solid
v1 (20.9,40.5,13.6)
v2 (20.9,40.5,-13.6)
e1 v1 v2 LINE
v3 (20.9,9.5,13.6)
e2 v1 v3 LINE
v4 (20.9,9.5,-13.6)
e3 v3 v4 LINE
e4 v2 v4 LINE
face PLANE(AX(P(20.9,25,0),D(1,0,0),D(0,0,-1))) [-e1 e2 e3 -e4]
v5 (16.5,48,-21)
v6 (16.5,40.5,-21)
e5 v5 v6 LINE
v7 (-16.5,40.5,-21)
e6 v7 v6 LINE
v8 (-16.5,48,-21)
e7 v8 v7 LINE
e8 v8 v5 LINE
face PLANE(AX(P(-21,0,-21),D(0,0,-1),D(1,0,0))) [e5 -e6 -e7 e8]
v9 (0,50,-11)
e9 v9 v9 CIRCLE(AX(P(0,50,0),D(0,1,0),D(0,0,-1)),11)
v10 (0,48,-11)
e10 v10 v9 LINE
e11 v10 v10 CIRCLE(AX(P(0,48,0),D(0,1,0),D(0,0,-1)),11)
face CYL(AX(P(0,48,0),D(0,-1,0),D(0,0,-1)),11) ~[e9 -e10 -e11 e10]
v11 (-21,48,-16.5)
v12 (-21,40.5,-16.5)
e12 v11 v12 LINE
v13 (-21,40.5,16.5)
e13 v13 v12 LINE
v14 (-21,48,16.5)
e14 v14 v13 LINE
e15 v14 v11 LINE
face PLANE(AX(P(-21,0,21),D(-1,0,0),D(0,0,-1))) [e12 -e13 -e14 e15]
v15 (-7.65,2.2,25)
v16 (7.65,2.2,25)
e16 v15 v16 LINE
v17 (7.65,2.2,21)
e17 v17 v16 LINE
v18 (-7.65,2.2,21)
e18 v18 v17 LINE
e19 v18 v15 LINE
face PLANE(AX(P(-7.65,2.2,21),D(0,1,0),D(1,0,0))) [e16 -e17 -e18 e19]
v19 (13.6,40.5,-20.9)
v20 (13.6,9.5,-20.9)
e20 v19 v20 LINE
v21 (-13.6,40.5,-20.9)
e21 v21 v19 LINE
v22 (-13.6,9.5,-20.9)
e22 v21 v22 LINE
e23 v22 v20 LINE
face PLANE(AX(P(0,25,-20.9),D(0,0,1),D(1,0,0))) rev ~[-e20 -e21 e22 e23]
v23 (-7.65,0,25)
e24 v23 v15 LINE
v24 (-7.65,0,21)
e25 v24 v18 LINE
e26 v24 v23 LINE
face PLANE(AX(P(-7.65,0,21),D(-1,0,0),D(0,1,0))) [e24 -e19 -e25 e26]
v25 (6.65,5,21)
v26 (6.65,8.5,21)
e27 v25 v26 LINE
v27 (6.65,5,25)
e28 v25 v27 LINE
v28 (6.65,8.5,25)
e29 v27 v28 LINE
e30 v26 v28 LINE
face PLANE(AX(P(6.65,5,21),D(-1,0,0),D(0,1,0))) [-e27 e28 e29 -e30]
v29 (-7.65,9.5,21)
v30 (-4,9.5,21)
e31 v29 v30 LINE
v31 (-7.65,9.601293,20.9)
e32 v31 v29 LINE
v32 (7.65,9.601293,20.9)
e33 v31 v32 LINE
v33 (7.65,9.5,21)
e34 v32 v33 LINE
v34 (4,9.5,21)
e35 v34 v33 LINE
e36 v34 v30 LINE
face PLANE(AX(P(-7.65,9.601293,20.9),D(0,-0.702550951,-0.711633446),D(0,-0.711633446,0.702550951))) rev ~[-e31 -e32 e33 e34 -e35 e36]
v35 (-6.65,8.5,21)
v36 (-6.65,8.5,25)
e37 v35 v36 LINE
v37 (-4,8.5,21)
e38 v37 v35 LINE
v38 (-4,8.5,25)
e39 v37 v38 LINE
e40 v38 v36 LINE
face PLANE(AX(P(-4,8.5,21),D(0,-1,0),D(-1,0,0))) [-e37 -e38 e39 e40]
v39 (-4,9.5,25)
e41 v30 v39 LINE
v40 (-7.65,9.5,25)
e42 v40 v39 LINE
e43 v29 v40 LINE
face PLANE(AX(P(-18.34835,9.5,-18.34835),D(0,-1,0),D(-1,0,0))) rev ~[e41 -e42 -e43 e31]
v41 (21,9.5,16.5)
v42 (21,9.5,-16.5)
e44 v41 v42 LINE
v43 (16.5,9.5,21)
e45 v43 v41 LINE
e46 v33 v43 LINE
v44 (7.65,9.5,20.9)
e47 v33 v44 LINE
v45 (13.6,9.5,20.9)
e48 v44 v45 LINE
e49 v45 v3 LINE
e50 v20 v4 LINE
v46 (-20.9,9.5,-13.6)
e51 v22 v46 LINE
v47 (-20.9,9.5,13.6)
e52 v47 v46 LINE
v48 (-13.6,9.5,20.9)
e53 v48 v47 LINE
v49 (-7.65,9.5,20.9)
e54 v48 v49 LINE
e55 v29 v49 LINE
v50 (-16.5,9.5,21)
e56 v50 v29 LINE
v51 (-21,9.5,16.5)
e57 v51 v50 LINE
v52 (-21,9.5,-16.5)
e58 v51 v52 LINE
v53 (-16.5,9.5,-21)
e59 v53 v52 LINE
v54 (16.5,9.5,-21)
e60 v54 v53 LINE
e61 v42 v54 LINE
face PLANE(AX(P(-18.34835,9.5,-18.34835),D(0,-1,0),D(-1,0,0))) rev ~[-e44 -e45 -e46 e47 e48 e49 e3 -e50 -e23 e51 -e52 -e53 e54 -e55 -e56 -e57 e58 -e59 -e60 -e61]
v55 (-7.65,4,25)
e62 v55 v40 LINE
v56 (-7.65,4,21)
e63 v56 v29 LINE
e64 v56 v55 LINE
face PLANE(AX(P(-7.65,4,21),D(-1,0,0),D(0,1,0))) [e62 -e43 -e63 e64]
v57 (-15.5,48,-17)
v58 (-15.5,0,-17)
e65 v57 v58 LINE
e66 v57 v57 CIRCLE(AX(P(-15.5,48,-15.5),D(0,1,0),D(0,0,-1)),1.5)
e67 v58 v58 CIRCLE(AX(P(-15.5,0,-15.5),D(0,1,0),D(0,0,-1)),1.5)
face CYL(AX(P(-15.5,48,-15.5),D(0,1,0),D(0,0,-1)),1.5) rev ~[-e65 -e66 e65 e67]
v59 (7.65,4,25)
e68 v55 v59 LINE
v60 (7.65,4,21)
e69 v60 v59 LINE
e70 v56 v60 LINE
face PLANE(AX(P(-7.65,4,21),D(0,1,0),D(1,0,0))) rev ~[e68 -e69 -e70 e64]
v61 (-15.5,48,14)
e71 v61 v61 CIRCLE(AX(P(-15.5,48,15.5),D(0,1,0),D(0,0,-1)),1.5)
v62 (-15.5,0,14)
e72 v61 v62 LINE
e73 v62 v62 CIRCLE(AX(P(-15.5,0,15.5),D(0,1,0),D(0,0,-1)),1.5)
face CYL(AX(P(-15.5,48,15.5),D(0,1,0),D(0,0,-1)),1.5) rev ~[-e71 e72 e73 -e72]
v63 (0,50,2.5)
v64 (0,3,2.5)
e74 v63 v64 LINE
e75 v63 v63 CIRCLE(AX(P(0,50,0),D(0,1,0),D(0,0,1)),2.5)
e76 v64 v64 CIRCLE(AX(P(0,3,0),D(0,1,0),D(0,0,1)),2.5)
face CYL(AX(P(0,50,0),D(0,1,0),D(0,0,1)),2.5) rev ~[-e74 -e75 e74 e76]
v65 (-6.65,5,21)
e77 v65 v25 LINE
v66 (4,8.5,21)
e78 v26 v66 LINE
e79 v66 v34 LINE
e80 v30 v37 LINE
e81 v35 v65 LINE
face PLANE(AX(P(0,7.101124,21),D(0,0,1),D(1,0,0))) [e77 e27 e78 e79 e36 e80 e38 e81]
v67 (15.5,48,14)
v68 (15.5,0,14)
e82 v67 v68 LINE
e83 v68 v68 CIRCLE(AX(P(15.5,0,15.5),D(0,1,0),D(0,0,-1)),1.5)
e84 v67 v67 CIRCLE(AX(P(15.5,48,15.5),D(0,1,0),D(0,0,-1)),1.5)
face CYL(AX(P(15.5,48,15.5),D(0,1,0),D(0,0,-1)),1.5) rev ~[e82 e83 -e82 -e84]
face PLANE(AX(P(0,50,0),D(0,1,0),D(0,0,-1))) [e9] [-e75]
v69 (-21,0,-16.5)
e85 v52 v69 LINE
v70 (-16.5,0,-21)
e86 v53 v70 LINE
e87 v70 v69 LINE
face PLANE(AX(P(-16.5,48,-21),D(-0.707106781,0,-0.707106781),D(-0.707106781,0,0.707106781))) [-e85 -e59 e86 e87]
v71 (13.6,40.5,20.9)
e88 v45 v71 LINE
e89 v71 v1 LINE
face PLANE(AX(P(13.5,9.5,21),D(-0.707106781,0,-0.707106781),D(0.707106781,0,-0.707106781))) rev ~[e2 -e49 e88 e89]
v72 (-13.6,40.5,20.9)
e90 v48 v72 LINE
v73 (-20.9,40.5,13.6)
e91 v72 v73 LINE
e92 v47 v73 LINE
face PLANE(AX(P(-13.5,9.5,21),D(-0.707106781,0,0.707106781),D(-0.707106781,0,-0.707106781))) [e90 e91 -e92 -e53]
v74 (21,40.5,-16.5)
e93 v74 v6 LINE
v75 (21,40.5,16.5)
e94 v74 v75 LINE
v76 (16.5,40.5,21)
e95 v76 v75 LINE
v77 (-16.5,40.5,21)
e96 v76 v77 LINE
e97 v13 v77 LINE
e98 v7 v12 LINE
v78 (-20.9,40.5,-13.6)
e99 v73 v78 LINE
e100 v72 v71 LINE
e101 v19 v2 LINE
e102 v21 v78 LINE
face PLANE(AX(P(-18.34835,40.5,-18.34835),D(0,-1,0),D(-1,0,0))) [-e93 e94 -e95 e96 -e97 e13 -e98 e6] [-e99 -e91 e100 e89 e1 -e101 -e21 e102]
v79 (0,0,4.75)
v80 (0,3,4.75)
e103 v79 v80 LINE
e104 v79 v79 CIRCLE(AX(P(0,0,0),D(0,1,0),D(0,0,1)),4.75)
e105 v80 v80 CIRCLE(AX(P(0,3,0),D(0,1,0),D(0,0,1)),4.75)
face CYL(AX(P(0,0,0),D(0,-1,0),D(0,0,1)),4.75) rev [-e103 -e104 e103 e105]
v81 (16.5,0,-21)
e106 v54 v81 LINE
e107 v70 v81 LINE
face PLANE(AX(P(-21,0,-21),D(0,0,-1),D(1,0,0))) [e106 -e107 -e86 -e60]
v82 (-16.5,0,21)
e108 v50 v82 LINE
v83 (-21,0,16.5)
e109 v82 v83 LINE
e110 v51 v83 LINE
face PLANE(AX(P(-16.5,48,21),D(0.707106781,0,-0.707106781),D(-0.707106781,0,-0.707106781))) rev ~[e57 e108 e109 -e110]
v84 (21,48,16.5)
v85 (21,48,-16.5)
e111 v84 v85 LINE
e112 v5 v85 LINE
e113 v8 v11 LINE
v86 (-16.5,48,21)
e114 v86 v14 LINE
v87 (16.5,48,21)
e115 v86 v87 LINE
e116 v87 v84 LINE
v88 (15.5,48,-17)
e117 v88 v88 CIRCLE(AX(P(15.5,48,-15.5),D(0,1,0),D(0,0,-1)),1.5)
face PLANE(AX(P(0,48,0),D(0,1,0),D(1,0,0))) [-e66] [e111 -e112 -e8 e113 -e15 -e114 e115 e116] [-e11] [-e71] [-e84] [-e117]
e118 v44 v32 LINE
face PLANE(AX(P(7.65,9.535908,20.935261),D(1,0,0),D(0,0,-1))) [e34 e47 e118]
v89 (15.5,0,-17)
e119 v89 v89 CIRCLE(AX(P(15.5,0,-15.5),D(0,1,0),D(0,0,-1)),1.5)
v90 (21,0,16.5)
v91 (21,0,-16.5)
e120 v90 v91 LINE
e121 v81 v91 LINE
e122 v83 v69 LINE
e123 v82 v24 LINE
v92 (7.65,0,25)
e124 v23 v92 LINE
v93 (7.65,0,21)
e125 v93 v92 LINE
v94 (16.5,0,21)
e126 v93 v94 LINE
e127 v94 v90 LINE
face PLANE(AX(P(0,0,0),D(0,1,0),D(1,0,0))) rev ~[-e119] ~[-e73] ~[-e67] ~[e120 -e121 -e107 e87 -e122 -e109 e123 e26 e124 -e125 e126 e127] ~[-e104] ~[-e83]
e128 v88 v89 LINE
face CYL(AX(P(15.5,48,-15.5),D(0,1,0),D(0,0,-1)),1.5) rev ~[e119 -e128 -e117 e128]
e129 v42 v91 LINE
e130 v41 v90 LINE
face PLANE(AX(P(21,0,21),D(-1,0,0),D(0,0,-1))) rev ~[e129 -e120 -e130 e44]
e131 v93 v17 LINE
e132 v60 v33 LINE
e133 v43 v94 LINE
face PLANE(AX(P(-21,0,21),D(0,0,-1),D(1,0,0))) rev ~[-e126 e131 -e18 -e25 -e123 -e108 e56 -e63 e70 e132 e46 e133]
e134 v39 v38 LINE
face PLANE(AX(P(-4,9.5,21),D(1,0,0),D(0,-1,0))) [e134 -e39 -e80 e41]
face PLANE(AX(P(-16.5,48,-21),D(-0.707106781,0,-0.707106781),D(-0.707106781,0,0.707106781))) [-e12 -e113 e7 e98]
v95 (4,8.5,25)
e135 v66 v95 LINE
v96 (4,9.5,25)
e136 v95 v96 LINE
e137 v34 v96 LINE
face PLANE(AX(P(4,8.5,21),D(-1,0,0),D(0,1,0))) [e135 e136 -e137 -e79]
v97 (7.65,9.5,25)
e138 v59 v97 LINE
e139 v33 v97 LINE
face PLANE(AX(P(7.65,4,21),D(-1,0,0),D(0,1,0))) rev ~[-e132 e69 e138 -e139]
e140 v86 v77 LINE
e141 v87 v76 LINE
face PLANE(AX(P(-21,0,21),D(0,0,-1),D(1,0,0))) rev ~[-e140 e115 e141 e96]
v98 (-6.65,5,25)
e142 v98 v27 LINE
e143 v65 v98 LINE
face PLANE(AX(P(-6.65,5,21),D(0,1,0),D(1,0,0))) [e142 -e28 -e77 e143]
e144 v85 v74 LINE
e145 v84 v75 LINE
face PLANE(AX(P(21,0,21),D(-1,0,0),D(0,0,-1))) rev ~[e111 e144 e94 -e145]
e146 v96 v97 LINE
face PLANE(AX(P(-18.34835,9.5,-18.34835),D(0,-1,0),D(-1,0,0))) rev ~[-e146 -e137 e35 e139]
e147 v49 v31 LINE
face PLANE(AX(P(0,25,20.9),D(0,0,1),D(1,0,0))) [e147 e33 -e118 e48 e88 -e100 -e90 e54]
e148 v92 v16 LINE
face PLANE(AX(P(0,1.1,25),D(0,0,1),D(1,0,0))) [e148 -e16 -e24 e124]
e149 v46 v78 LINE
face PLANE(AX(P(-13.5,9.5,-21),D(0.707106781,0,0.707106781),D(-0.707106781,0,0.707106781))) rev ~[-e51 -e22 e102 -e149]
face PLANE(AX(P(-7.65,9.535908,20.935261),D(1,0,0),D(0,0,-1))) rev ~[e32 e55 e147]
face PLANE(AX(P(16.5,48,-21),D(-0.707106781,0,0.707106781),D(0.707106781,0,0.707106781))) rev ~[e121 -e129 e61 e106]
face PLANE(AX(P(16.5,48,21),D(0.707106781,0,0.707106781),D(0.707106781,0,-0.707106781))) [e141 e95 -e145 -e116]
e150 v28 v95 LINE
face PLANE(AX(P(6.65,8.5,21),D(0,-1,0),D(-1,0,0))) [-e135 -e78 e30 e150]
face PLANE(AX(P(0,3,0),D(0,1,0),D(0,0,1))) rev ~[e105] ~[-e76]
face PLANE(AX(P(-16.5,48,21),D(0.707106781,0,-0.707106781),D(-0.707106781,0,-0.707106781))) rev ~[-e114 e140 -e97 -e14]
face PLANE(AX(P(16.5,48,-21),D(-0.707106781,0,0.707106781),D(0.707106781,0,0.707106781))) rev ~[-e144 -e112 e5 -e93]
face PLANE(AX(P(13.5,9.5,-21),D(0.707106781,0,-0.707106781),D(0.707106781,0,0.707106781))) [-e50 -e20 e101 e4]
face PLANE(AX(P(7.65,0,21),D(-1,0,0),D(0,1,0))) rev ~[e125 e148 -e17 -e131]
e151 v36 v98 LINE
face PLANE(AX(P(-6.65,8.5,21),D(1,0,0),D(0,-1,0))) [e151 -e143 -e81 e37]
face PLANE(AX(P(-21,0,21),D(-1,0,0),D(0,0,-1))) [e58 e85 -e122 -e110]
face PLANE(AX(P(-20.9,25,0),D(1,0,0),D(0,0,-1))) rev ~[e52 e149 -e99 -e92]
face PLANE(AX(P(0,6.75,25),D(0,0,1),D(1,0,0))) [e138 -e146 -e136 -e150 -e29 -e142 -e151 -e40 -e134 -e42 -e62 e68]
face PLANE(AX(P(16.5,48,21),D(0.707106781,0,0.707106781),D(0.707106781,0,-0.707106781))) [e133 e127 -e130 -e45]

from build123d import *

# Parameters (mm, degrees)
SKETCH_1_W           = 42
SKETCH_1_H           = 42
EXTRUDE_1_DEPTH      = 48
CUT_EXTRUDE_START    = 48
CUT_EXTRUDE_1_DEPTH  = 48
CUT_EXTRUDE_START_2  = 9.5
CUT_EXTRUDE_2_DEPTH  = 31
CUT_EXTRUDE_START_3  = -21
SKETCH_4_W           = 33
SKETCH_4_H           = 31
CUT_EXTRUDE_3_DEPTH  = 0.1
CUT_EXTRUDE_START_4  = 21
SKETCH_5_W           = 33
SKETCH_5_H           = 31
CUT_EXTRUDE_4_DEPTH  = 0.1
SKETCH_6_W           = 33
SKETCH_6_H           = 31
CUT_EXTRUDE_5_DEPTH  = 0.1
SKETCH_7_W           = 33
SKETCH_7_H           = 31
CUT_EXTRUDE_6_DEPTH  = 0.1
SKETCH_17_R          = 4.75
CUT_EXTRUDE_9_DEPTH  = 3
EXTRUDE_START        = 48
SKETCH_18_R          = 11
EXTRUDE_2_DEPTH      = 2
CUT_EXTRUDE_START_5  = 50
SKETCH_20_R          = 2.5
CUT_EXTRUDE_10_DEPTH = 47
EXTRUDE_START_2      = 21
SKETCH_21_W          = 15.3
SKETCH_21_H          = 2.2
EXTRUDE_3_DEPTH      = 4
SKETCH_22_W          = 15.3
SKETCH_22_H          = 5.5
EXTRUDE_4_DEPTH      = 4
CUT_EXTRUDE_11_DEPTH = 4
EXTRUDE_START_3      = -7.65
EXTRUDE_5_DEPTH      = 15.3
SKETCH_8_R           = 1.5
CUT_EXTRUDE_12_DEPTH = 108.715994507


with BuildPart() as part:
    # 草图1 → 凸台-拉伸1 (new body)
    with BuildSketch(Plane(origin=(0, 0, 0), x_dir=(1, 0, 0), z_dir=(0, 1, 0))):
        Rectangle(SKETCH_1_W, SKETCH_1_H)
    extrude(amount=EXTRUDE_1_DEPTH)

    # 草图2 → 切除-拉伸1 (cut)
    with BuildSketch(Plane(origin=(0, 0, 0), x_dir=(1, 0, 0), z_dir=(0, 1, 0)).offset(CUT_EXTRUDE_START)):
        Polygon((-21, 21), (-16.5, 21), (-21, 16.5), align=None)
        Polygon((21, 16.5), (21, 21), (16.5, 21), align=None)
        Polygon((21, -21), (16.5, -21), (21, -16.5), align=None)
        Polygon((-21, -16.5), (-21, -21), (-16.5, -21), align=None)
    extrude(amount=-CUT_EXTRUDE_1_DEPTH, mode=Mode.SUBTRACT)

    # 草图3 → 切除-拉伸2 (cut)
    with BuildSketch(Plane(origin=(0, 0, 0), x_dir=(1, 0, 0), z_dir=(0, 1, 0)).offset(CUT_EXTRUDE_START_2)):
        Polygon((-21, 13.5), (-21, 21), (-13.5, 21), align=None)
        Polygon((13.5, 21), (21, 13.5), (21, 21), align=None)
        Polygon((21, -13.5), (21, -21), (13.5, -21), align=None)
        Polygon((-13.5, -21), (-21, -13.5), (-21, -21), align=None)
    extrude(amount=CUT_EXTRUDE_2_DEPTH, mode=Mode.SUBTRACT)

    # 草图4 → 切除-拉伸3 (cut)
    with BuildSketch(Plane.XY.offset(CUT_EXTRUDE_START_3)):
        with Locations((0, 25)):
            Rectangle(SKETCH_4_W, SKETCH_4_H)
    extrude(amount=CUT_EXTRUDE_3_DEPTH, mode=Mode.SUBTRACT)

    # 草图5 → 切除-拉伸4 (cut)
    with BuildSketch(Plane.XY.offset(CUT_EXTRUDE_START_4)):
        with Locations((0, 25)):
            Rectangle(SKETCH_5_W, SKETCH_5_H)
    extrude(amount=-CUT_EXTRUDE_4_DEPTH, mode=Mode.SUBTRACT)

    # 草图6 → 切除-拉伸5 (cut)
    with BuildSketch(Plane(origin=(0, 0, 0), x_dir=(0, 0, -1), z_dir=(1, 0, 0)).offset(CUT_EXTRUDE_START_3)):
        with Locations((0, 25)):
            Rectangle(SKETCH_6_W, SKETCH_6_H)
    extrude(amount=CUT_EXTRUDE_5_DEPTH, mode=Mode.SUBTRACT)

    # 草图7 → 切除-拉伸6 (cut)
    with BuildSketch(Plane(origin=(0, 0, 0), x_dir=(0, 0, -1), z_dir=(1, 0, 0)).offset(CUT_EXTRUDE_START_4)):
        with Locations((0, 25)):
            Rectangle(SKETCH_7_W, SKETCH_7_H)
    extrude(amount=-CUT_EXTRUDE_6_DEPTH, mode=Mode.SUBTRACT)

    # 草图17 → 切除-拉伸9 (cut)
    with BuildSketch(Plane(origin=(0, 0, 0), x_dir=(1, 0, 0), z_dir=(0, 1, 0))):
        with Locations(Location((0, 0, 0), (0, 0, 270))):
            Circle(SKETCH_17_R)
    extrude(amount=CUT_EXTRUDE_9_DEPTH, mode=Mode.SUBTRACT)

    # 草图18 → 凸台-拉伸2 (add)
    with BuildSketch(Plane(origin=(0, 0, 0), x_dir=(1, 0, 0), z_dir=(0, 1, 0)).offset(EXTRUDE_START)):
        with Locations(Location((0, 0, 0), (0, 0, 90))):
            Circle(SKETCH_18_R)
    extrude(amount=EXTRUDE_2_DEPTH)

    # 草图20 → 切除-拉伸10 (cut)
    with BuildSketch(Plane(origin=(0, 0, 0), x_dir=(1, 0, 0), z_dir=(0, 1, 0)).offset(CUT_EXTRUDE_START_5)):
        with Locations(Location((0, 0, 0), (0, 0, 270))):
            Circle(SKETCH_20_R)
    extrude(amount=-CUT_EXTRUDE_10_DEPTH, mode=Mode.SUBTRACT)

    # 草图21 → 凸台-拉伸3 (add)
    with BuildSketch(Plane.XY.offset(EXTRUDE_START_2)):
        with Locations((0, 1.1)):
            Rectangle(SKETCH_21_W, SKETCH_21_H)
    extrude(amount=EXTRUDE_3_DEPTH)

    # 草图22 → 凸台-拉伸4 (add)
    with BuildSketch(Plane.XY.offset(EXTRUDE_START_2)):
        with Locations((0, 6.75)):
            Rectangle(SKETCH_22_W, SKETCH_22_H)
    extrude(amount=EXTRUDE_4_DEPTH)

    # 草图23 → 切除-拉伸11 (cut)
    with BuildSketch(Plane.XY.offset(CUT_EXTRUDE_START_4)):
        Polygon((-6.65, 8.5), (-6.65, 5), (6.65, 5), (6.65, 8.5), (4, 8.5), (4, 9.5), (-4, 9.5), (-4, 8.5), align=None)
    extrude(amount=CUT_EXTRUDE_11_DEPTH, mode=Mode.SUBTRACT)

    # 草图26 → 凸台-拉伸5 (add)
    with BuildSketch(Plane(origin=(0, 0, 0), x_dir=(0, 0, -1), z_dir=(1, 0, 0)).offset(EXTRUDE_START_3)):
        Polygon((-21, 9.5), (-20.9, 9.5), (-20.9, 9.601292788), align=None)
    extrude(amount=EXTRUDE_5_DEPTH)

    # 草图8 → 切除-拉伸12 (cut, through all)
    with BuildSketch(Plane(origin=(0, 0, 0), x_dir=(1, 0, 0), z_dir=(0, 1, 0)).offset(CUT_EXTRUDE_START)):
        with Locations(Location((-15.5, 15.5, 0), (0, 0, 90))):
            Circle(SKETCH_8_R)
        with Locations(Location((15.5, 15.5, 0), (0, 0, 90))):
            Circle(SKETCH_8_R)
        with Locations(Location((-15.5, -15.5, 0), (0, 0, 90))):
            Circle(SKETCH_8_R)
        with Locations(Location((15.5, -15.5, 0), (0, 0, 90))):
            Circle(SKETCH_8_R)
    extrude(amount=-CUT_EXTRUDE_12_DEPTH, mode=Mode.SUBTRACT)


solid = part.part
